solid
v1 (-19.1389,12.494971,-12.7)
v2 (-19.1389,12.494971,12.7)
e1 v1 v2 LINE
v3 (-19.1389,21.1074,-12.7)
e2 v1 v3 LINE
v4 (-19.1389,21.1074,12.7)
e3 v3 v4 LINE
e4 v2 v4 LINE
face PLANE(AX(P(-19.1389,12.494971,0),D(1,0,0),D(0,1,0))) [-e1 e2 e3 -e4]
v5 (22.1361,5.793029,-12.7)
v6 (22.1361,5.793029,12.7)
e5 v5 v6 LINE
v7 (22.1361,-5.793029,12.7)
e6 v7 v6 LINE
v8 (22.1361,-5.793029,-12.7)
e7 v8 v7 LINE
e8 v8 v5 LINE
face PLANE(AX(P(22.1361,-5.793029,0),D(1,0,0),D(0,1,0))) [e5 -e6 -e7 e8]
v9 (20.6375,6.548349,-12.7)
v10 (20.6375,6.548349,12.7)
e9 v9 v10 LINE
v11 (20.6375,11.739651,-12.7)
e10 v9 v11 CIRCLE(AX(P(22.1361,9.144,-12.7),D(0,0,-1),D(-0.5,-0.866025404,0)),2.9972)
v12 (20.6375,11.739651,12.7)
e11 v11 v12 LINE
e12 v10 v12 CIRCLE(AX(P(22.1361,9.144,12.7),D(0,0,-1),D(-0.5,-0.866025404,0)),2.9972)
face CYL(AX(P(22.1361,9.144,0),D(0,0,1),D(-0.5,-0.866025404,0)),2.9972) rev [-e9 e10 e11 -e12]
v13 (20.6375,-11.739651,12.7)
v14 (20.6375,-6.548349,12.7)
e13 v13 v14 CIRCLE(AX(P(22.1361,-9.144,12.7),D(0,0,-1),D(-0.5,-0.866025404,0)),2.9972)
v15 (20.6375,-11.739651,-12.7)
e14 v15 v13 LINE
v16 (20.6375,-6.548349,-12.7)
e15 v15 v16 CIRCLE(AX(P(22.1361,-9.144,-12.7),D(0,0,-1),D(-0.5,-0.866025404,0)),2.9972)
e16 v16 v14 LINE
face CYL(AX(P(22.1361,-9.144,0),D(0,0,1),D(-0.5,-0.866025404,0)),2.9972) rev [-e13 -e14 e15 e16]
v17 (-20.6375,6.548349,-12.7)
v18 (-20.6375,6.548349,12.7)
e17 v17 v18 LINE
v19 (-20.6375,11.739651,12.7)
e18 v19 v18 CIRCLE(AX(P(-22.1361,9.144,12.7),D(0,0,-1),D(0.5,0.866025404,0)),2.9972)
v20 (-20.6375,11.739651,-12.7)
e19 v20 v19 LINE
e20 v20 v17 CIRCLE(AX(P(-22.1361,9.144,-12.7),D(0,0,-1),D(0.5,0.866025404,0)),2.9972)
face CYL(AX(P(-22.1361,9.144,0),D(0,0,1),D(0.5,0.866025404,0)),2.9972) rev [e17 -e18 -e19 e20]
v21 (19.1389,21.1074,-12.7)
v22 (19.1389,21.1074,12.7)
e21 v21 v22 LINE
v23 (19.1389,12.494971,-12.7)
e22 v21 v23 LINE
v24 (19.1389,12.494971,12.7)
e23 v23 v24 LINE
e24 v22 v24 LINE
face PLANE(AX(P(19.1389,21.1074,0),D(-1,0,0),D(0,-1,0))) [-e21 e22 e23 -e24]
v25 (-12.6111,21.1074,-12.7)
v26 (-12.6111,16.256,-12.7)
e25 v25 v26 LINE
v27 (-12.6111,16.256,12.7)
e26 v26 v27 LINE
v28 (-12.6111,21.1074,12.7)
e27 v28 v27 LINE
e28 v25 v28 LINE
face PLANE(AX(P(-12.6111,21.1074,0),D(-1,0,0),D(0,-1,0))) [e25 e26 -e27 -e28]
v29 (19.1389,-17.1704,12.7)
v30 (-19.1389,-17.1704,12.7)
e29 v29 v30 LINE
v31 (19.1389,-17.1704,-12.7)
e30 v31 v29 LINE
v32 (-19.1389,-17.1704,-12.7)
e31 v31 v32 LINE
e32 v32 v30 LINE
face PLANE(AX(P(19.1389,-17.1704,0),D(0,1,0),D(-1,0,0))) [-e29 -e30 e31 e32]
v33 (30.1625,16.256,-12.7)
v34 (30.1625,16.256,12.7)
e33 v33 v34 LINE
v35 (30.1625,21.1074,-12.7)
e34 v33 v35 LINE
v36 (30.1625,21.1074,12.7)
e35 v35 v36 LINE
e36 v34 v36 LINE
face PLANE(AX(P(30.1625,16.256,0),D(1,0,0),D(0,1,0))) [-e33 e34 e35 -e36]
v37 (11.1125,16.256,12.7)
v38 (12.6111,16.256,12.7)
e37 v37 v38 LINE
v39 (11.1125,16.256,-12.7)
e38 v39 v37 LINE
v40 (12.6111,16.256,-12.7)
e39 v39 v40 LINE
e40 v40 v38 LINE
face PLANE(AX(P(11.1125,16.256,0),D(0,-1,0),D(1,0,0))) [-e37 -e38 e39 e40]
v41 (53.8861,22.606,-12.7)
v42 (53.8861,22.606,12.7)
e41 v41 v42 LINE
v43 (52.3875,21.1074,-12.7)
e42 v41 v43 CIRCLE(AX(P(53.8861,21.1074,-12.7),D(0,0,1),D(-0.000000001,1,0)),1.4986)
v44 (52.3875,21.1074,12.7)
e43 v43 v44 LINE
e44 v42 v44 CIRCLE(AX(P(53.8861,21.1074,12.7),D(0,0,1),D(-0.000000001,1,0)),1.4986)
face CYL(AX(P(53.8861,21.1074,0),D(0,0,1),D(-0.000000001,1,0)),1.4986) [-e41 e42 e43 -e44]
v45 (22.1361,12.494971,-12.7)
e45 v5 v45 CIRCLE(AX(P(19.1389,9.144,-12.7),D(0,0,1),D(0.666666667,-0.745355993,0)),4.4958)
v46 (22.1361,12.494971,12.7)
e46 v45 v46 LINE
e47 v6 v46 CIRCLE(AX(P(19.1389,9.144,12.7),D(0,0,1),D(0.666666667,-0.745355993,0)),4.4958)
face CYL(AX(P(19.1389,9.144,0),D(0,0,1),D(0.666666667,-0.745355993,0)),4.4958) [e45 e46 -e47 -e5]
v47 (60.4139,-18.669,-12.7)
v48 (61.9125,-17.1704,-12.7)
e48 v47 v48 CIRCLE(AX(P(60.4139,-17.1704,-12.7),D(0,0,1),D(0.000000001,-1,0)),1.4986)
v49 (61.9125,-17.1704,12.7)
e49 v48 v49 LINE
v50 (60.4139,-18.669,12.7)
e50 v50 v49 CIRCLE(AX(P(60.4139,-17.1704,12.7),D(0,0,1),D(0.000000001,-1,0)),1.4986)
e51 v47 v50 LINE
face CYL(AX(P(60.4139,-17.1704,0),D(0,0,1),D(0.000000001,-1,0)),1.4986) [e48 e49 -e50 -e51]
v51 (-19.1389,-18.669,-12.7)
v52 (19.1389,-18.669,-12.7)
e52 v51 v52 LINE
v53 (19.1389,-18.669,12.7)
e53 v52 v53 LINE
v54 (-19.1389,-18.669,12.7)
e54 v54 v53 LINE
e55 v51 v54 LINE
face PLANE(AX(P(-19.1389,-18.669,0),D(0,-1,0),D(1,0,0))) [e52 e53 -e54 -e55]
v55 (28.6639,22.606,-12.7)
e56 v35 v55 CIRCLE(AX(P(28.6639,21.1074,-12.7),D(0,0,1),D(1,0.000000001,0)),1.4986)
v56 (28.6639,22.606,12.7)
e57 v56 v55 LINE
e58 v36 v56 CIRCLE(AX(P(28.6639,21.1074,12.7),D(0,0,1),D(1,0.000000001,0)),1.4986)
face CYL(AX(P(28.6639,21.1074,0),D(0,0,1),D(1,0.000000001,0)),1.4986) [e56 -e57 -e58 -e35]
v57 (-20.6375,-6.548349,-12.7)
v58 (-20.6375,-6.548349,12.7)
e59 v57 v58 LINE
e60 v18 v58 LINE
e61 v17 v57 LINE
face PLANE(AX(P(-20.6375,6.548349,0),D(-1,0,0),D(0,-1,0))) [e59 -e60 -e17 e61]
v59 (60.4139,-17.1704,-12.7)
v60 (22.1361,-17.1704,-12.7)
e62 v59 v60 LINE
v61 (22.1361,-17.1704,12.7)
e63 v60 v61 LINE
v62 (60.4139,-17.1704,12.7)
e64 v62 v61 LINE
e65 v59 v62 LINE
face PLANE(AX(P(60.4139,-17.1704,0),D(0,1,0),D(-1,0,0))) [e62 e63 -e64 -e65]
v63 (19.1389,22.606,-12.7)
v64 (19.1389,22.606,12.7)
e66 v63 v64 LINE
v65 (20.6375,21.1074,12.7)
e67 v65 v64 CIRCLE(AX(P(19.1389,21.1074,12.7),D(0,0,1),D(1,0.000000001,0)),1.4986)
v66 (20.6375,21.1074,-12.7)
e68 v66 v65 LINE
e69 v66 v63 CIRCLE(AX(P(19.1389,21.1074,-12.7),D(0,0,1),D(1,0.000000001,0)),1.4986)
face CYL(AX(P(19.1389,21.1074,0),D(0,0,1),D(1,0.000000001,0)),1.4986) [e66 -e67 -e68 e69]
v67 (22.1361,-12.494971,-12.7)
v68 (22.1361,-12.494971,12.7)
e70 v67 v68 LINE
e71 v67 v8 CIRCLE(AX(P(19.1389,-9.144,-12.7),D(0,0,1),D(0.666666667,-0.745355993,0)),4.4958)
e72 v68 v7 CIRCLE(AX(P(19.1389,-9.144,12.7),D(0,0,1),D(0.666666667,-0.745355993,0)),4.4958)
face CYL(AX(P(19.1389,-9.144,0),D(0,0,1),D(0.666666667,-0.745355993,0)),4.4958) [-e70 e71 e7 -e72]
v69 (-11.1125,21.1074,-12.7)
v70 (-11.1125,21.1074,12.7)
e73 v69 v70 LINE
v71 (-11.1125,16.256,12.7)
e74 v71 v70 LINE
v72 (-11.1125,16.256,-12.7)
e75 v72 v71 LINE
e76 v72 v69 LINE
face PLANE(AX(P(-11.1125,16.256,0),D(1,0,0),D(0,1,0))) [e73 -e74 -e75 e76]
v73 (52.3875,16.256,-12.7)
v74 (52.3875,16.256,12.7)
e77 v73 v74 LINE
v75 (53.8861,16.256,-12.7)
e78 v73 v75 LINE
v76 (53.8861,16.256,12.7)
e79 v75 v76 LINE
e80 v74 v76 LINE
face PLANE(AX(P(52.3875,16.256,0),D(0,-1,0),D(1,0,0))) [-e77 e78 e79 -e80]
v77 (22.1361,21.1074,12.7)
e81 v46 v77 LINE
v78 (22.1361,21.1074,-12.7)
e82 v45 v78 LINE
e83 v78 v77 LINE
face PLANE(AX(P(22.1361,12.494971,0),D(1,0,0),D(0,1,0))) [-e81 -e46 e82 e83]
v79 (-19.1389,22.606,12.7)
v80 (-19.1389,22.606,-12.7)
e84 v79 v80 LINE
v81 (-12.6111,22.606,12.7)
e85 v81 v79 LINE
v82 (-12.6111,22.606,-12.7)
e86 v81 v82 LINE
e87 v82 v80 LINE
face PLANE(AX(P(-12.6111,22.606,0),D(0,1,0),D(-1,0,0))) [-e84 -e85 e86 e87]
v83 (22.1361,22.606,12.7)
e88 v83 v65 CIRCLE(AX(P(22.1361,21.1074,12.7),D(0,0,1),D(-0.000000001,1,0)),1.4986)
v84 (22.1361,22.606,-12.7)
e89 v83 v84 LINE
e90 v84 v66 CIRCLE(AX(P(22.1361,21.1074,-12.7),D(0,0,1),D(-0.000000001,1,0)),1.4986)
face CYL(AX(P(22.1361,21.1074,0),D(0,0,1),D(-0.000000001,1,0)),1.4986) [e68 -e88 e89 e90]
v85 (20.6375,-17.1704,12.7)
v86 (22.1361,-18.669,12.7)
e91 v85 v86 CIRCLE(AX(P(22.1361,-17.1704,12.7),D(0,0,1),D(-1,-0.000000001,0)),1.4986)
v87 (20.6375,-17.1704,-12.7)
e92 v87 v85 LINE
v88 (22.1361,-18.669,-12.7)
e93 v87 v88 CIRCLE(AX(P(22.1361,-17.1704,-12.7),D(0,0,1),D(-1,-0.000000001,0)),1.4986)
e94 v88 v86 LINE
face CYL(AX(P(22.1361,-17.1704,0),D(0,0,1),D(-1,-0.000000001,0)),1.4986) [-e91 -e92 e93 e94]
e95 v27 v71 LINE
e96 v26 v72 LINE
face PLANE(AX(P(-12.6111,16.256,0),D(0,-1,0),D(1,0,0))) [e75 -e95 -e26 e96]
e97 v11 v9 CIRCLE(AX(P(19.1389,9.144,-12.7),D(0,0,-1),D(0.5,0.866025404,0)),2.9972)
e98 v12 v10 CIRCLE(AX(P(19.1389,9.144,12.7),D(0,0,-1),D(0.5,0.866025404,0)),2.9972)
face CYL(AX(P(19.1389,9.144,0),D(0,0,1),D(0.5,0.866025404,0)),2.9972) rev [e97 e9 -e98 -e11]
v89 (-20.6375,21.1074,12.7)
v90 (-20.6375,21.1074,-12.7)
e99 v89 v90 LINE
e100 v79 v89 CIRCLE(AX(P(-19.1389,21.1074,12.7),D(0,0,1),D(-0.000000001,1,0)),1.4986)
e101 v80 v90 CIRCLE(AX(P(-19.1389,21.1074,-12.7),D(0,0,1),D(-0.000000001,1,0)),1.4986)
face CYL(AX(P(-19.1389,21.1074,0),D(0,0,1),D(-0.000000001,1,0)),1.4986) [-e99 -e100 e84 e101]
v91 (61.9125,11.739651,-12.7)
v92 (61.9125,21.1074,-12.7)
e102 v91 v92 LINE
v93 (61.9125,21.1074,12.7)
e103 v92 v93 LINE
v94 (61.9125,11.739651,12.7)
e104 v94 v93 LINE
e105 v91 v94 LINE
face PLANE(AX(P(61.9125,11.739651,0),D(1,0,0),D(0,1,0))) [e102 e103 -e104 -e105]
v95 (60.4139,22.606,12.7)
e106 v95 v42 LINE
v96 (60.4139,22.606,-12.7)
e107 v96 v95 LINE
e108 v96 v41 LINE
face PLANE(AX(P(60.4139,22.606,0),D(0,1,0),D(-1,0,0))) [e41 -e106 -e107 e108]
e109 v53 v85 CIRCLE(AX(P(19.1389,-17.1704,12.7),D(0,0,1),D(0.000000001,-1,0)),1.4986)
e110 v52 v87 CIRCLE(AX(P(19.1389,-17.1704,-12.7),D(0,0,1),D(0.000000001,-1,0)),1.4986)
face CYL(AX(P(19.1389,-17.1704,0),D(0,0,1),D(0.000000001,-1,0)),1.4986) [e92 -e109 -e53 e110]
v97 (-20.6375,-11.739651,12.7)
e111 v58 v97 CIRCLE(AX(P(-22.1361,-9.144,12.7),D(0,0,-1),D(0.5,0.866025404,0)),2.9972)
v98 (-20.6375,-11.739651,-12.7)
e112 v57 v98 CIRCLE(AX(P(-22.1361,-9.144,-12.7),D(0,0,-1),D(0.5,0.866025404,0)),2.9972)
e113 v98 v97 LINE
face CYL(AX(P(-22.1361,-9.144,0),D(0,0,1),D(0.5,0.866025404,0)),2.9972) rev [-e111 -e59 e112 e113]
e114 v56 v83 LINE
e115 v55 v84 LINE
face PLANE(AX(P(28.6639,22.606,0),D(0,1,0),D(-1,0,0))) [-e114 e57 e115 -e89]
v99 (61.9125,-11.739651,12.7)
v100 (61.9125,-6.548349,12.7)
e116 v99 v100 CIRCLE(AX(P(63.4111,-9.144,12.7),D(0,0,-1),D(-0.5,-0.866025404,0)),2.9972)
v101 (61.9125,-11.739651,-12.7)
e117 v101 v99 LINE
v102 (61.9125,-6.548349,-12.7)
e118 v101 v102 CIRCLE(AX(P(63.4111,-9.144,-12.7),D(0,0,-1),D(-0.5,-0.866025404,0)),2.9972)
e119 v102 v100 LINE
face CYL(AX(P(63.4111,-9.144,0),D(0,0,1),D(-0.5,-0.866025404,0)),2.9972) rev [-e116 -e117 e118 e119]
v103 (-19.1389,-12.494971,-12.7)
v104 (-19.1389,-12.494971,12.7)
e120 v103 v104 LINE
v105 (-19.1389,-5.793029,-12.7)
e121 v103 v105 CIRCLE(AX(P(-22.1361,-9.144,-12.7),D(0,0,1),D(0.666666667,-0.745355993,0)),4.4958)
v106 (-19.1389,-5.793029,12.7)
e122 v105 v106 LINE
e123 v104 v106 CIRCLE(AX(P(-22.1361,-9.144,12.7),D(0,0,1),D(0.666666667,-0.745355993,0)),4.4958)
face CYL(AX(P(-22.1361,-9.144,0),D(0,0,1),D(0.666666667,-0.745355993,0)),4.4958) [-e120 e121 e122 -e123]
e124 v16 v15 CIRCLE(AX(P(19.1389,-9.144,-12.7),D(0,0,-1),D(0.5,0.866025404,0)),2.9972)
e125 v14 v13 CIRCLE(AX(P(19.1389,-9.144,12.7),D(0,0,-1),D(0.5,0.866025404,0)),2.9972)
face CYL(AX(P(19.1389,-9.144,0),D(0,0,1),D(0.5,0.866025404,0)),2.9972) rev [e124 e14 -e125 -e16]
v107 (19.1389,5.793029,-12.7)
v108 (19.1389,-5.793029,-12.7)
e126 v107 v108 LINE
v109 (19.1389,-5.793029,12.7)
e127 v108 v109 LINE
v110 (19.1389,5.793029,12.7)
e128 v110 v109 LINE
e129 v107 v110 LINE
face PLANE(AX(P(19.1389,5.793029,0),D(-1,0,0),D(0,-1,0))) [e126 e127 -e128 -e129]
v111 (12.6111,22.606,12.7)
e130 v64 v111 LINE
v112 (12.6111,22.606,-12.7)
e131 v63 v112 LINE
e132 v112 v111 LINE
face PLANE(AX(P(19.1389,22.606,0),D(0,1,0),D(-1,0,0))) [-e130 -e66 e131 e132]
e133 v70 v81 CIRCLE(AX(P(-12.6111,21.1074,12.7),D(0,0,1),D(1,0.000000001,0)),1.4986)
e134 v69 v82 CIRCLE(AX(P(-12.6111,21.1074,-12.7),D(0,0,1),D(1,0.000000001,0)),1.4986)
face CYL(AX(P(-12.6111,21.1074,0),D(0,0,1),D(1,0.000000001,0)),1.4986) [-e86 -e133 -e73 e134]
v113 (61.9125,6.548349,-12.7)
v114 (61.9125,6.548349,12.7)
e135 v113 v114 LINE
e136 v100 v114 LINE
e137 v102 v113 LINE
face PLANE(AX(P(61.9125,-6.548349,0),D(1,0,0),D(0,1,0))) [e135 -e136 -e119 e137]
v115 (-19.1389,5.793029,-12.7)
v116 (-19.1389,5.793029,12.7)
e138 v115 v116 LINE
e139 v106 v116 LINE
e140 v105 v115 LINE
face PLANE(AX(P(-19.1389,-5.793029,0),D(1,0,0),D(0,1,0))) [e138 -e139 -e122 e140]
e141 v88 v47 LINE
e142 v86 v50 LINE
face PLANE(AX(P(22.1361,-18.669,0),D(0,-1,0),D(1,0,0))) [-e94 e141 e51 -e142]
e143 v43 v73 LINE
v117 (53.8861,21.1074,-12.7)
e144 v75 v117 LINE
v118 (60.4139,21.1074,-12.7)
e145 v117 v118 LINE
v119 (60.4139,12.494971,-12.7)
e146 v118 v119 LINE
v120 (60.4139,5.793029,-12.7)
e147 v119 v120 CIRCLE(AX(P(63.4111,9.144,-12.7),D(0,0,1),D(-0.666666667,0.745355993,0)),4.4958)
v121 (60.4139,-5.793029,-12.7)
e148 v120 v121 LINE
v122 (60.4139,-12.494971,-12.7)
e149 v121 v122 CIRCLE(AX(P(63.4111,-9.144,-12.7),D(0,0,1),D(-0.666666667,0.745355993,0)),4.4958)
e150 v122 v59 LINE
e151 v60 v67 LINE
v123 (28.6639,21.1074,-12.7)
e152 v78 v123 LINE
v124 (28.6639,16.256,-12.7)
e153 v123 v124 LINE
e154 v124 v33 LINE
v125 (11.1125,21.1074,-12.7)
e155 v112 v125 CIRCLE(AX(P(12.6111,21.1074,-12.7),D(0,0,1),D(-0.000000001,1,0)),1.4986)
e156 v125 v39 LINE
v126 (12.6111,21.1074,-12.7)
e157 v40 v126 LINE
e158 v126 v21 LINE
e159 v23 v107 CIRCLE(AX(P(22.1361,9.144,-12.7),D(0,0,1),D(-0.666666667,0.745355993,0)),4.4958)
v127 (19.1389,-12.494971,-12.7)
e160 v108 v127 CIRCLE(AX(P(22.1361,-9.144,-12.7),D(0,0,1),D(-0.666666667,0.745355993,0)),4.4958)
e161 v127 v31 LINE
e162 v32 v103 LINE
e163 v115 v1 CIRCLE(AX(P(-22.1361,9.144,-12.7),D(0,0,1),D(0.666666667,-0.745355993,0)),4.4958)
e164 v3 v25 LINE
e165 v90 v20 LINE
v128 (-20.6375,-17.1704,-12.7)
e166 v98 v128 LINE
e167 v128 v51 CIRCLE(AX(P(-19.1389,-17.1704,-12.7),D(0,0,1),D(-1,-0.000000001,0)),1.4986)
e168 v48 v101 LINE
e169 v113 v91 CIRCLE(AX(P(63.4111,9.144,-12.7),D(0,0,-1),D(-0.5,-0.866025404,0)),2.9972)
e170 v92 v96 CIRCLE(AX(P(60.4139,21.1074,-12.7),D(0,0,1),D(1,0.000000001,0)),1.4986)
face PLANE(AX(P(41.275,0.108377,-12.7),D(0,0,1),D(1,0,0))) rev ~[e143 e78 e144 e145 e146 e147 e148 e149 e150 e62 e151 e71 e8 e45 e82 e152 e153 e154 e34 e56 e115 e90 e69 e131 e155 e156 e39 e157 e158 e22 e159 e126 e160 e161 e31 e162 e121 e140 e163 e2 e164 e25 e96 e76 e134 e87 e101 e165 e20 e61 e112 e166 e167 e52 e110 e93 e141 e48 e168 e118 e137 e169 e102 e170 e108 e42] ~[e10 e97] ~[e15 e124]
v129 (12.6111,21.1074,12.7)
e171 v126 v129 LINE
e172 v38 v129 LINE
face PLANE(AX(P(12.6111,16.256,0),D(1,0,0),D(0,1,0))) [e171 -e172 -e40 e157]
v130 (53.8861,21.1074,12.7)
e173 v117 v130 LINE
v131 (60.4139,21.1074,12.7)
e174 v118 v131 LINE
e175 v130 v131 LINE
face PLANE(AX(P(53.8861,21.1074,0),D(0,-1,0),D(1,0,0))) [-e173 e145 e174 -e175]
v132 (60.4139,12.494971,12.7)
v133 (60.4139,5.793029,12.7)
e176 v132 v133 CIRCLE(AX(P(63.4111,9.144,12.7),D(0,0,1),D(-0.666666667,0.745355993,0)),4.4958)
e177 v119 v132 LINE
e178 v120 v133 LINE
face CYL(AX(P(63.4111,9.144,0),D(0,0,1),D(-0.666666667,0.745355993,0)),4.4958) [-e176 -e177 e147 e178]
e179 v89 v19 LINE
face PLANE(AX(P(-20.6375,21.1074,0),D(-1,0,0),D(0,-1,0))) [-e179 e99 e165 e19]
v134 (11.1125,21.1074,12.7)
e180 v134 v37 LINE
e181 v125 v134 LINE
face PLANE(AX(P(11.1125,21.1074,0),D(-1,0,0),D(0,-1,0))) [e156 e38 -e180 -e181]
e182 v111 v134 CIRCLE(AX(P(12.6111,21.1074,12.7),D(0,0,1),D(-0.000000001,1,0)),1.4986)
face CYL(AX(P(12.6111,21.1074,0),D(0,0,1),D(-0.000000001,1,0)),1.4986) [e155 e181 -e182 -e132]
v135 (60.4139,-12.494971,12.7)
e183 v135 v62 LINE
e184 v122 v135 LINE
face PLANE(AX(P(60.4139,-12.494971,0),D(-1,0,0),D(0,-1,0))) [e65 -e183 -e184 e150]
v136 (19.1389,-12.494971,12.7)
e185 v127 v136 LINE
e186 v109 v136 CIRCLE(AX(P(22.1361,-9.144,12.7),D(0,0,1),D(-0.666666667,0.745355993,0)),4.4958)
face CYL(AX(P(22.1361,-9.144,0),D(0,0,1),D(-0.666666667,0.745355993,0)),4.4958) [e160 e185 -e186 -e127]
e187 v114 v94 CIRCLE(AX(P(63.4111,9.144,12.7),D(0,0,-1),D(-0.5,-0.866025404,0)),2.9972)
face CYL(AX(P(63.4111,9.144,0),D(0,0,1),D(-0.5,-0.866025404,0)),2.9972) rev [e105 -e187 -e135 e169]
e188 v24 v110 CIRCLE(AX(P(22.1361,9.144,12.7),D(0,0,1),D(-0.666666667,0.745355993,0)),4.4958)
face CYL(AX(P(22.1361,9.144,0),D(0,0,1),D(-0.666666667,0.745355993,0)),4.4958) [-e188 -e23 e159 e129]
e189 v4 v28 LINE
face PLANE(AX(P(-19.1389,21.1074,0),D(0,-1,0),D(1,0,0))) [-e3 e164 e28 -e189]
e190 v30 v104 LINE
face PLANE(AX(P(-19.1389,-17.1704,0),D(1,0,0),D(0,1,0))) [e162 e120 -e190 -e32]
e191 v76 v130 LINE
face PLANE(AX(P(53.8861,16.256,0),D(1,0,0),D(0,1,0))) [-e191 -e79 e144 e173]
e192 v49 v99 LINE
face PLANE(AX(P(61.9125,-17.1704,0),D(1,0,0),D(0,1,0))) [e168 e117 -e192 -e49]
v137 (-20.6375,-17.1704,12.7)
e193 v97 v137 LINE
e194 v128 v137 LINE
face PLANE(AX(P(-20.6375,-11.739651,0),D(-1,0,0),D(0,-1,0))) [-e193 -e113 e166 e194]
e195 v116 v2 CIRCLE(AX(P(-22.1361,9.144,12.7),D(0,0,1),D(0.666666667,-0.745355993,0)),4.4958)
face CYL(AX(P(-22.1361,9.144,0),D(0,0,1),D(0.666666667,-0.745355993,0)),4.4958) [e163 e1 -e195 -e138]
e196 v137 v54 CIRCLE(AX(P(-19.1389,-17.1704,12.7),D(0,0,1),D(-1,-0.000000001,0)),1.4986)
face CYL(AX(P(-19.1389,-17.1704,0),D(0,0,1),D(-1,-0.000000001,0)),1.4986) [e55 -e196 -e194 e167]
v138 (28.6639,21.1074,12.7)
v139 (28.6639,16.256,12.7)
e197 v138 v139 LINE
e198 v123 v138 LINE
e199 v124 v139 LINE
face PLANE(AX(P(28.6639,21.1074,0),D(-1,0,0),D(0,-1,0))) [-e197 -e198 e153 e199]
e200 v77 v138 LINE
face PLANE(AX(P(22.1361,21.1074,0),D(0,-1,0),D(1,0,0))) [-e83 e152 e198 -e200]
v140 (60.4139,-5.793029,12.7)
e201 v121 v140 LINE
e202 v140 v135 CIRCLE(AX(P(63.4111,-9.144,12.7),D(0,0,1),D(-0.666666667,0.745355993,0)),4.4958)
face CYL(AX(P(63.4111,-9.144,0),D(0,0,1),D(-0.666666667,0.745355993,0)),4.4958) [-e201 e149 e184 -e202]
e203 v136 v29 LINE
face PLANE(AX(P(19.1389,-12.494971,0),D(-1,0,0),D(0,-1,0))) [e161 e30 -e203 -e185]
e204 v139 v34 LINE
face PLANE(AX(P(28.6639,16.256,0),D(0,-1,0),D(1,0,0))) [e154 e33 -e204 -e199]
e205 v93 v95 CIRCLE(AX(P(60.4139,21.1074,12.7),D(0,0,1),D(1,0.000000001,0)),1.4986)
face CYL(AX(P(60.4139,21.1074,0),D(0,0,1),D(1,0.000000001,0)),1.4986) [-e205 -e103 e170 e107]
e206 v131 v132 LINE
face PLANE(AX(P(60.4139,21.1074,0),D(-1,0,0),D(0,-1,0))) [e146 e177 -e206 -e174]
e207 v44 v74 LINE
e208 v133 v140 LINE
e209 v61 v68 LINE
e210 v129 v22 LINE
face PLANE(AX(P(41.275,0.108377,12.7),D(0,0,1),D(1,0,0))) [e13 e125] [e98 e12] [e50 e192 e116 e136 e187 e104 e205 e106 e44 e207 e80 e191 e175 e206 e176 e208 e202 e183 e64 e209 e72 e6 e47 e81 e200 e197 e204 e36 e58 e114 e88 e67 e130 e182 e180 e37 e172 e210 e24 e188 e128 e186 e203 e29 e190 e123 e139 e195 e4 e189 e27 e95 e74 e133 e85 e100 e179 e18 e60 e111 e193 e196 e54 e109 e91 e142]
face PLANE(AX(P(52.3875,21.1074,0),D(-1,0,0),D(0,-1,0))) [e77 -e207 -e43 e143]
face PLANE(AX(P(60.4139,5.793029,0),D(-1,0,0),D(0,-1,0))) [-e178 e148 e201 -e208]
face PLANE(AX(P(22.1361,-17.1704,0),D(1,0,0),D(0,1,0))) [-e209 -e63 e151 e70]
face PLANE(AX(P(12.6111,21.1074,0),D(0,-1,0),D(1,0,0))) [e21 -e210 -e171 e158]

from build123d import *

# Parameters (mm, degrees)
BASE_EXTRUDE_DEPTH = 12.7
LPATTERN1_COUNT    = 2
LPATTERN1_PITCH    = 41.275


with BuildPart() as part:
    # Sketch1 → Base-Extrude (new, symmetric)
    with BuildSketch(Plane.XY):
        with BuildLine():
            Line((-20.6375, 21.1074), (-20.6375, 11.73965134))
            ThreePointArc((-20.6375, 11.73965134), (-19.1389, 9.144), (-20.6375, 6.54834866))
            Line((-20.6375, 6.54834866), (-20.6375, -6.54834866))
            ThreePointArc((-20.6375, -6.54834866), (-19.1389, -9.144), (-20.6375, -11.73965134))
            Line((-20.6375, -11.73965134), (-20.6375, -17.1704))
            ThreePointArc((-20.6375, -17.1704), (-20.198570222, -18.230070222), (-19.1389, -18.669))
            Line((-19.1389, -18.669), (19.1389, -18.669))
            ThreePointArc((19.1389, -18.669), (20.198570222, -18.230070222), (20.6375, -17.1704))
            Line((20.6375, -17.1704), (20.6375, -11.73965134))
            ThreePointArc((20.6375, -11.73965134), (19.1389, -9.144), (20.6375, -6.54834866))
            Line((20.6375, -6.54834866), (20.6375, 6.54834866))
            ThreePointArc((20.6375, 6.54834866), (19.1389, 9.144), (20.6375, 11.73965134))
            Line((20.6375, 11.73965134), (20.6375, 21.1074))
            ThreePointArc((20.6375, 21.1074), (20.198570222, 22.167070222), (19.1389, 22.606))
            Line((19.1389, 22.606), (12.6111, 22.606))
            ThreePointArc((12.6111, 22.606), (11.551429778, 22.167070222), (11.1125, 21.1074))
            Line((11.1125, 21.1074), (11.1125, 16.256))
            Line((11.1125, 16.256), (12.6111, 16.256))
            Line((12.6111, 16.256), (12.6111, 21.1074))
            Line((12.6111, 21.1074), (19.1389, 21.1074))
            Line((19.1389, 21.1074), (19.1389, 12.494971471))
            ThreePointArc((19.1389, 12.494971471), (17.6403, 9.144), (19.1389, 5.793028529))
            Line((19.1389, 5.793028529), (19.1389, -5.793028529))
            ThreePointArc((19.1389, -5.793028529), (17.6403, -9.144), (19.1389, -12.494971471))
            Line((19.1389, -12.494971471), (19.1389, -17.1704))
            Line((19.1389, -17.1704), (-19.1389, -17.1704))
            Line((-19.1389, -17.1704), (-19.1389, -12.494971471))
            ThreePointArc((-19.1389, -12.494971471), (-17.6403, -9.144), (-19.1389, -5.793028529))
            Line((-19.1389, -5.793028529), (-19.1389, 5.793028529))
            ThreePointArc((-19.1389, 5.793028529), (-17.6403, 9.144), (-19.1389, 12.494971471))
            Line((-19.1389, 12.494971471), (-19.1389, 21.1074))
            Line((-19.1389, 21.1074), (-12.6111, 21.1074))
            Line((-12.6111, 21.1074), (-12.6111, 16.256))
            Line((-12.6111, 16.256), (-11.1125, 16.256))
            Line((-11.1125, 16.256), (-11.1125, 21.1074))
            ThreePointArc((-11.1125, 21.1074), (-11.551429778, 22.167070222), (-12.6111, 22.606))
            Line((-12.6111, 22.606), (-19.1389, 22.606))
            ThreePointArc((-19.1389, 22.606), (-20.198570222, 22.167070222), (-20.6375, 21.1074))
        make_face()
    base_extrude = extrude(amount=BASE_EXTRUDE_DEPTH, both=True)

    # LPattern1: Base-Extrude ×2
    with Locations(*[(i * LPATTERN1_PITCH, 0, 0) for i in range(1, LPATTERN1_COUNT)]):
        add(base_extrude)


solid = part.part
